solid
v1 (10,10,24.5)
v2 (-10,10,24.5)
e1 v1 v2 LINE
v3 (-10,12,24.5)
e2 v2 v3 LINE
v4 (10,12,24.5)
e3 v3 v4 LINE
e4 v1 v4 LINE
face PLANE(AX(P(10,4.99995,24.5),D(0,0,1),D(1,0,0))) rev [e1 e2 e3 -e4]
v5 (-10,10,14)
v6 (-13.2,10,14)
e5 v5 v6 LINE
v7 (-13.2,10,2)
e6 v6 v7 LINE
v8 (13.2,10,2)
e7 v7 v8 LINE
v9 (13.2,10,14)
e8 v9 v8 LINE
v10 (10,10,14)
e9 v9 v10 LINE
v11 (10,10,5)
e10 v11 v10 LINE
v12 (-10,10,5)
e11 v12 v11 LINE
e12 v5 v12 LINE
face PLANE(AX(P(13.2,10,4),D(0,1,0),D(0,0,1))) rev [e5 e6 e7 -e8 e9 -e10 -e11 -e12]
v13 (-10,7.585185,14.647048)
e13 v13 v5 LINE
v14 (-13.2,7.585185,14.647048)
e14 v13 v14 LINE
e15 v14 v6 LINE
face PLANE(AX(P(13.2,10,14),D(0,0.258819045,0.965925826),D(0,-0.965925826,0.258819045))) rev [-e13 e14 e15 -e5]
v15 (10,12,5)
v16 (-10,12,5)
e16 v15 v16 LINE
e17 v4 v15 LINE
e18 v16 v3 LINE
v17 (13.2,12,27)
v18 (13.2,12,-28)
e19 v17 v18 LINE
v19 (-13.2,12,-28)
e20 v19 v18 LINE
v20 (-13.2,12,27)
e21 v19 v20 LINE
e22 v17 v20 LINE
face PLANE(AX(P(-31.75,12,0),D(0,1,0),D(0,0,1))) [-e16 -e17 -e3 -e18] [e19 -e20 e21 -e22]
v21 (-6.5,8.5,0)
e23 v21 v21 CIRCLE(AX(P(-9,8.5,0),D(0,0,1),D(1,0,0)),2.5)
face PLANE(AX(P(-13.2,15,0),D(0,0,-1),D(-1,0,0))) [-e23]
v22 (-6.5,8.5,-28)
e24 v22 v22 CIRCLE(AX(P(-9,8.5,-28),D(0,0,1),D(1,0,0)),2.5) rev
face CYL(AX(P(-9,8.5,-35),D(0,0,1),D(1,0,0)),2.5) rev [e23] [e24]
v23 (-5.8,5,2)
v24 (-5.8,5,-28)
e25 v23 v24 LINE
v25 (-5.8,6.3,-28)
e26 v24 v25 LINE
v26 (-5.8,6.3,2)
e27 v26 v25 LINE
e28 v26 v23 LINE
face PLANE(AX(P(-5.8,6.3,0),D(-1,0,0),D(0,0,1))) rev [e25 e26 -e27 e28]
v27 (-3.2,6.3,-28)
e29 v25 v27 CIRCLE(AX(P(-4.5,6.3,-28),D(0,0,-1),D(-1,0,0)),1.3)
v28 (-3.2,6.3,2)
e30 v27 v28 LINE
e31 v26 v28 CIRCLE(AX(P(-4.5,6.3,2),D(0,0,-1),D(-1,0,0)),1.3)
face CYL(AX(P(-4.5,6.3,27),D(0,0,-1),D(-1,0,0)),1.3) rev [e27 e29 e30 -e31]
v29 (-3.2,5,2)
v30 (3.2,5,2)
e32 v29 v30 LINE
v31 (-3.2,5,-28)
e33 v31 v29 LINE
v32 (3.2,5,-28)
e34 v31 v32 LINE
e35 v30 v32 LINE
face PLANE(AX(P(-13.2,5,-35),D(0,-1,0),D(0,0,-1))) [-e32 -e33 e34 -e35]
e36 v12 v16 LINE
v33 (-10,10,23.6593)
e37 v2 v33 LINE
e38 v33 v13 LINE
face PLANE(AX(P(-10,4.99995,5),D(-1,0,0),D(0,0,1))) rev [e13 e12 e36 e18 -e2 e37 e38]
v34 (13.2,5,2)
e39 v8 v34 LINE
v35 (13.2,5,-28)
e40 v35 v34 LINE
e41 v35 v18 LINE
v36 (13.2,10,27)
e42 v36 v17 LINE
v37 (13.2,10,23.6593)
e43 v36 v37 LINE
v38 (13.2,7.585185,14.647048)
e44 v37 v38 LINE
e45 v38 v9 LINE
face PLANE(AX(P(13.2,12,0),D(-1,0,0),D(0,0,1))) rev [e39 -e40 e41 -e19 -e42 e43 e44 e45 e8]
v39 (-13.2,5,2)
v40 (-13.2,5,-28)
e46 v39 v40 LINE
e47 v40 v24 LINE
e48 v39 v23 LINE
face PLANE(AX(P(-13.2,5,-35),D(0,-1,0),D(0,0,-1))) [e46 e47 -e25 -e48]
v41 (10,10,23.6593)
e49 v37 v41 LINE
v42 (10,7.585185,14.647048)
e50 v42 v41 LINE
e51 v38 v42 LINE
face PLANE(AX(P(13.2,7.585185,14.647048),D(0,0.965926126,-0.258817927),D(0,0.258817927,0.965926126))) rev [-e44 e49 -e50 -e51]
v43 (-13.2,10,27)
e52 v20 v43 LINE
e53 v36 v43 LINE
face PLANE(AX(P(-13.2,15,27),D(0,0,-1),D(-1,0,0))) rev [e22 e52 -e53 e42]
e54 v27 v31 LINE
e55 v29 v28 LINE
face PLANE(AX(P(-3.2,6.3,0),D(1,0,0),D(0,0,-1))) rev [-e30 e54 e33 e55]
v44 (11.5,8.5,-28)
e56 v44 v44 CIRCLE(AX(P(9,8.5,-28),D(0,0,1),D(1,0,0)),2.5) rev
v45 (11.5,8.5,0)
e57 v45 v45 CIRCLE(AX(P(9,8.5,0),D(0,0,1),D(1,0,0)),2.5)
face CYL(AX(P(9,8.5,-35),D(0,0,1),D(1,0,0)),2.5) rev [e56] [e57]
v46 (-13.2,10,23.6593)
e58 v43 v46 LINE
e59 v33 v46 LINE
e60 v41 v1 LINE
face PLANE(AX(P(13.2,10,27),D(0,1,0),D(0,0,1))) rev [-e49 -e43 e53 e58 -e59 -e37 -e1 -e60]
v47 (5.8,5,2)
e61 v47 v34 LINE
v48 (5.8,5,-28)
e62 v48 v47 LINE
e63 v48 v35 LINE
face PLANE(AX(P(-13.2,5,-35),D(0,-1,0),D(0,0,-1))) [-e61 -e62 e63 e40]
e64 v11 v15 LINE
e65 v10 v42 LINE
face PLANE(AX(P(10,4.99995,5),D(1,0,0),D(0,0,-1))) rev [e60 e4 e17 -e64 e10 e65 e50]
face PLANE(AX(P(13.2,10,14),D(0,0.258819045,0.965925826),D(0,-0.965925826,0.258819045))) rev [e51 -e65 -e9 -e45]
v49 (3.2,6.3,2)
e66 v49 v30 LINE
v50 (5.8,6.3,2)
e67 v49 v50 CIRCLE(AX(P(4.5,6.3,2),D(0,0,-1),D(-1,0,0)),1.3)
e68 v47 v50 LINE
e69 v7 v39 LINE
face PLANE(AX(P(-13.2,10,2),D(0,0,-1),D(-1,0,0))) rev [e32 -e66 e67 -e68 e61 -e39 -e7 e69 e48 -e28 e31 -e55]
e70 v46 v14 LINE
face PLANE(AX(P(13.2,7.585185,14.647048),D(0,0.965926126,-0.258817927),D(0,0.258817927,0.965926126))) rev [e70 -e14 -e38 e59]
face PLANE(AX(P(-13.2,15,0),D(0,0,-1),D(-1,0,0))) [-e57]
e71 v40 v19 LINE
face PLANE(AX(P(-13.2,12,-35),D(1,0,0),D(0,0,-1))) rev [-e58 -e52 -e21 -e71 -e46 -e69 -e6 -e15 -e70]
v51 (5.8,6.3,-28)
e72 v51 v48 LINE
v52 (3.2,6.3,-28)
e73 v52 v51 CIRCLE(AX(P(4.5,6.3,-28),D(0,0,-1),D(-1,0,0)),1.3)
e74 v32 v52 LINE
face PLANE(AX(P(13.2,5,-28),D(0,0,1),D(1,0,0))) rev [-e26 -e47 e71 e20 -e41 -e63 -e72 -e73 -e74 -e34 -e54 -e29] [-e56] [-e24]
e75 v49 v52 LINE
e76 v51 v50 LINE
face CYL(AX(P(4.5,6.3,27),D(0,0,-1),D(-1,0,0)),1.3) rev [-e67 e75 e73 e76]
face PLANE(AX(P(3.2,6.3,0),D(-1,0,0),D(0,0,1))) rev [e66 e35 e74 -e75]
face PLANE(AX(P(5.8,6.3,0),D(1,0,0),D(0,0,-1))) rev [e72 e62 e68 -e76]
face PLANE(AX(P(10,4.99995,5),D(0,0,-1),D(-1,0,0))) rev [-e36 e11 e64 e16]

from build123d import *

# Parameters (mm, degrees)
SKETCH1_W           = 63.5
SKETCH1_H           = 35
BOSS_EXTRUDE1_DEPTH = 12
SKETCH3_W           = 26.4
SKETCH3_H           = 35
CUT_EXTRUDE2_DEPTH  = 5
SKETCH4_W           = 2.6
SKETCH4_H           = 35
CUT_EXTRUDE3_DEPTH  = 1.3
SKETCH5_W           = 18.55
SKETCH5_H           = 35
CUT_EXTRUDE4_DEPTH  = 13
SKETCH6_W           = 18.55
SKETCH6_H           = 35
CUT_EXTRUDE5_DEPTH  = 13
SKETCH7_R           = 2.5
CUT_EXTRUDE6_DEPTH  = 36
SKETCH8_R           = 2.5
CUT_EXTRUDE7_DEPTH  = 36
SKETCH12_W          = 26.4
SKETCH12_H          = 10
BOSS_EXTRUDE2_DEPTH = 27
SKETCH13_W          = 20
SKETCH13_H          = 19.5
CUT_EXTRUDE8_DEPTH  = 11
SKETCH14_W          = 27
SKETCH14_H          = 3
CUT_EXTRUDE9_DEPTH  = 27.4
SKETCH18_W          = 2.6
SKETCH18_H          = 1.3
CUT_EXTRUDE12_DEPTH = 28
SKETCH19_W          = 10
SKETCH19_H          = 5
CUT_EXTRUDE13_DEPTH = 27.4
SKETCH20_W          = 2.5
SKETCH20_H          = 5
CUT_EXTRUDE14_DEPTH = 27.4
CUT_EXTRUDE15_DEPTH = 27.4
SKETCH24_W          = 26.4
SKETCH24_H          = 2
CUT_EXTRUDE18_DEPTH = 5
SKETCH25_W          = 26.4
SKETCH25_H          = 7
CUT_EXTRUDE19_DEPTH = 8
SKETCH26_R          = 1.3
CUT_EXTRUDE20_DEPTH = 56


with BuildPart() as part:
    # Sketch1 → Boss-Extrude1 (new body)
    with BuildSketch(Plane(origin=(0, 0, 0), x_dir=(1, 0, 0), z_dir=(0, 1, 0))):
        with Locations((0, 17.5)):
            Rectangle(SKETCH1_W, SKETCH1_H)
    extrude(amount=BOSS_EXTRUDE1_DEPTH)

    # Sketch3 → Cut-Extrude2 (cut)
    with BuildSketch(Plane.XZ):
        with Locations((0, -17.5)):
            Rectangle(SKETCH3_W, SKETCH3_H)
    extrude(amount=-CUT_EXTRUDE2_DEPTH, mode=Mode.SUBTRACT)

    # Sketch4 → Cut-Extrude3 (cut)
    with BuildSketch(Plane.XZ.offset(-5)):
        with Locations((-4.5, -17.5)):
            Rectangle(SKETCH4_W, SKETCH4_H)
        with Locations((4.5, -17.5)):
            Rectangle(SKETCH4_W, SKETCH4_H)
    extrude(amount=-CUT_EXTRUDE3_DEPTH, mode=Mode.SUBTRACT)

    # Sketch5 → Cut-Extrude4 (cut, through all)
    with BuildSketch(Plane.XZ):
        with Locations((-22.475, -17.5)):
            Rectangle(SKETCH5_W, SKETCH5_H)
    extrude(amount=-CUT_EXTRUDE4_DEPTH, mode=Mode.SUBTRACT)

    # Sketch6 → Cut-Extrude5 (cut, through all)
    with BuildSketch(Plane.XZ):
        with Locations((22.475, -17.5)):
            Rectangle(SKETCH6_W, SKETCH6_H)
    extrude(amount=-CUT_EXTRUDE5_DEPTH, mode=Mode.SUBTRACT)

    # Sketch7 → Cut-Extrude6 (cut, through all)
    with BuildSketch(Plane.XY):
        with Locations((-9, 8.5)):
            Circle(SKETCH7_R)
    extrude(amount=-CUT_EXTRUDE6_DEPTH, mode=Mode.SUBTRACT)

    # Sketch8 → Cut-Extrude7 (cut, through all)
    with BuildSketch(Plane.XY):
        with Locations((9, 8.5)):
            Circle(SKETCH8_R)
    extrude(amount=-CUT_EXTRUDE7_DEPTH, mode=Mode.SUBTRACT)

    # Sketch12 → Boss-Extrude2 (add)
    with BuildSketch(Plane.XY):
        with Locations((0, 10)):
            Rectangle(SKETCH12_W, SKETCH12_H)
    extrude(amount=BOSS_EXTRUDE2_DEPTH)

    # Sketch13 → Cut-Extrude8 (cut, through all)
    with BuildSketch(Plane(origin=(0, 15, 0), x_dir=(1, 0, 0), z_dir=(0, 1, 0))):
        with Locations((0, -14.75)):
            Rectangle(SKETCH13_W, SKETCH13_H)
    extrude(amount=-CUT_EXTRUDE8_DEPTH, mode=Mode.SUBTRACT)

    # Sketch14 → Cut-Extrude9 (cut, through all)
    with BuildSketch(Plane.ZY.offset(13.2)):
        with Locations((13.5, 13.5)):
            Rectangle(SKETCH14_W, SKETCH14_H)
    extrude(amount=-CUT_EXTRUDE9_DEPTH, mode=Mode.SUBTRACT)

    # Sketch18 → Cut-Extrude12 (cut, through all)
    with BuildSketch(Plane(origin=(0, 0, 0), x_dir=(-1, 0, 0), z_dir=(0, 0, -1))):
        with Locations((4.5, 5.65)):
            Rectangle(SKETCH18_W, SKETCH18_H)
        with Locations((-4.5, 5.65)):
            Rectangle(SKETCH18_W, SKETCH18_H)
    extrude(amount=-CUT_EXTRUDE12_DEPTH, mode=Mode.SUBTRACT)

    # Sketch19 → Cut-Extrude13 (cut, through all)
    with BuildSketch(Plane.ZY.offset(13.2)):
        with Locations((9, 7.5)):
            Rectangle(SKETCH19_W, SKETCH19_H)
    extrude(amount=-CUT_EXTRUDE13_DEPTH, mode=Mode.SUBTRACT)

    # Sketch20 → Cut-Extrude14 (cut, through all)
    with BuildSketch(Plane.ZY.offset(13.2)):
        with Locations((25.75, 7.5)):
            Rectangle(SKETCH20_W, SKETCH20_H)
    extrude(amount=-CUT_EXTRUDE14_DEPTH, mode=Mode.SUBTRACT)

    # Sketch21 → Cut-Extrude15 (cut, through all)
    with BuildSketch(Plane.ZY.offset(13.2)):
        Polygon((14, 10), (14.647047613, 7.585185434), (23.6593, 10), (24.5, 10), (24.5, 5), (14, 5), align=None)
    extrude(amount=-CUT_EXTRUDE15_DEPTH, mode=Mode.SUBTRACT)

    # Sketch24 → Cut-Extrude18 (cut)
    with BuildSketch(Plane.XZ.offset(-5)):
        with Locations((0, 3)):
            Rectangle(SKETCH24_W, SKETCH24_H)
    extrude(amount=-CUT_EXTRUDE18_DEPTH, mode=Mode.SUBTRACT)

    # Sketch25 → Cut-Extrude19 (cut, through all)
    with BuildSketch(Plane(origin=(0, 12, 0), x_dir=(1, 0, 0), z_dir=(0, 1, 0))):
        with Locations((0, 31.5)):
            Rectangle(SKETCH25_W, SKETCH25_H)
    extrude(amount=-CUT_EXTRUDE19_DEPTH, mode=Mode.SUBTRACT)

    # Sketch26 → Cut-Extrude20 (cut, through all)
    with BuildSketch(Plane(origin=(0, 0, -28), x_dir=(-1, 0, 0), z_dir=(0, 0, -1))):
        with Locations((4.5, 6.3)):
            Circle(SKETCH26_R)
        with Locations((-4.5, 6.3)):
            Circle(SKETCH26_R)
    extrude(amount=-CUT_EXTRUDE20_DEPTH, mode=Mode.SUBTRACT)


solid = part.part
